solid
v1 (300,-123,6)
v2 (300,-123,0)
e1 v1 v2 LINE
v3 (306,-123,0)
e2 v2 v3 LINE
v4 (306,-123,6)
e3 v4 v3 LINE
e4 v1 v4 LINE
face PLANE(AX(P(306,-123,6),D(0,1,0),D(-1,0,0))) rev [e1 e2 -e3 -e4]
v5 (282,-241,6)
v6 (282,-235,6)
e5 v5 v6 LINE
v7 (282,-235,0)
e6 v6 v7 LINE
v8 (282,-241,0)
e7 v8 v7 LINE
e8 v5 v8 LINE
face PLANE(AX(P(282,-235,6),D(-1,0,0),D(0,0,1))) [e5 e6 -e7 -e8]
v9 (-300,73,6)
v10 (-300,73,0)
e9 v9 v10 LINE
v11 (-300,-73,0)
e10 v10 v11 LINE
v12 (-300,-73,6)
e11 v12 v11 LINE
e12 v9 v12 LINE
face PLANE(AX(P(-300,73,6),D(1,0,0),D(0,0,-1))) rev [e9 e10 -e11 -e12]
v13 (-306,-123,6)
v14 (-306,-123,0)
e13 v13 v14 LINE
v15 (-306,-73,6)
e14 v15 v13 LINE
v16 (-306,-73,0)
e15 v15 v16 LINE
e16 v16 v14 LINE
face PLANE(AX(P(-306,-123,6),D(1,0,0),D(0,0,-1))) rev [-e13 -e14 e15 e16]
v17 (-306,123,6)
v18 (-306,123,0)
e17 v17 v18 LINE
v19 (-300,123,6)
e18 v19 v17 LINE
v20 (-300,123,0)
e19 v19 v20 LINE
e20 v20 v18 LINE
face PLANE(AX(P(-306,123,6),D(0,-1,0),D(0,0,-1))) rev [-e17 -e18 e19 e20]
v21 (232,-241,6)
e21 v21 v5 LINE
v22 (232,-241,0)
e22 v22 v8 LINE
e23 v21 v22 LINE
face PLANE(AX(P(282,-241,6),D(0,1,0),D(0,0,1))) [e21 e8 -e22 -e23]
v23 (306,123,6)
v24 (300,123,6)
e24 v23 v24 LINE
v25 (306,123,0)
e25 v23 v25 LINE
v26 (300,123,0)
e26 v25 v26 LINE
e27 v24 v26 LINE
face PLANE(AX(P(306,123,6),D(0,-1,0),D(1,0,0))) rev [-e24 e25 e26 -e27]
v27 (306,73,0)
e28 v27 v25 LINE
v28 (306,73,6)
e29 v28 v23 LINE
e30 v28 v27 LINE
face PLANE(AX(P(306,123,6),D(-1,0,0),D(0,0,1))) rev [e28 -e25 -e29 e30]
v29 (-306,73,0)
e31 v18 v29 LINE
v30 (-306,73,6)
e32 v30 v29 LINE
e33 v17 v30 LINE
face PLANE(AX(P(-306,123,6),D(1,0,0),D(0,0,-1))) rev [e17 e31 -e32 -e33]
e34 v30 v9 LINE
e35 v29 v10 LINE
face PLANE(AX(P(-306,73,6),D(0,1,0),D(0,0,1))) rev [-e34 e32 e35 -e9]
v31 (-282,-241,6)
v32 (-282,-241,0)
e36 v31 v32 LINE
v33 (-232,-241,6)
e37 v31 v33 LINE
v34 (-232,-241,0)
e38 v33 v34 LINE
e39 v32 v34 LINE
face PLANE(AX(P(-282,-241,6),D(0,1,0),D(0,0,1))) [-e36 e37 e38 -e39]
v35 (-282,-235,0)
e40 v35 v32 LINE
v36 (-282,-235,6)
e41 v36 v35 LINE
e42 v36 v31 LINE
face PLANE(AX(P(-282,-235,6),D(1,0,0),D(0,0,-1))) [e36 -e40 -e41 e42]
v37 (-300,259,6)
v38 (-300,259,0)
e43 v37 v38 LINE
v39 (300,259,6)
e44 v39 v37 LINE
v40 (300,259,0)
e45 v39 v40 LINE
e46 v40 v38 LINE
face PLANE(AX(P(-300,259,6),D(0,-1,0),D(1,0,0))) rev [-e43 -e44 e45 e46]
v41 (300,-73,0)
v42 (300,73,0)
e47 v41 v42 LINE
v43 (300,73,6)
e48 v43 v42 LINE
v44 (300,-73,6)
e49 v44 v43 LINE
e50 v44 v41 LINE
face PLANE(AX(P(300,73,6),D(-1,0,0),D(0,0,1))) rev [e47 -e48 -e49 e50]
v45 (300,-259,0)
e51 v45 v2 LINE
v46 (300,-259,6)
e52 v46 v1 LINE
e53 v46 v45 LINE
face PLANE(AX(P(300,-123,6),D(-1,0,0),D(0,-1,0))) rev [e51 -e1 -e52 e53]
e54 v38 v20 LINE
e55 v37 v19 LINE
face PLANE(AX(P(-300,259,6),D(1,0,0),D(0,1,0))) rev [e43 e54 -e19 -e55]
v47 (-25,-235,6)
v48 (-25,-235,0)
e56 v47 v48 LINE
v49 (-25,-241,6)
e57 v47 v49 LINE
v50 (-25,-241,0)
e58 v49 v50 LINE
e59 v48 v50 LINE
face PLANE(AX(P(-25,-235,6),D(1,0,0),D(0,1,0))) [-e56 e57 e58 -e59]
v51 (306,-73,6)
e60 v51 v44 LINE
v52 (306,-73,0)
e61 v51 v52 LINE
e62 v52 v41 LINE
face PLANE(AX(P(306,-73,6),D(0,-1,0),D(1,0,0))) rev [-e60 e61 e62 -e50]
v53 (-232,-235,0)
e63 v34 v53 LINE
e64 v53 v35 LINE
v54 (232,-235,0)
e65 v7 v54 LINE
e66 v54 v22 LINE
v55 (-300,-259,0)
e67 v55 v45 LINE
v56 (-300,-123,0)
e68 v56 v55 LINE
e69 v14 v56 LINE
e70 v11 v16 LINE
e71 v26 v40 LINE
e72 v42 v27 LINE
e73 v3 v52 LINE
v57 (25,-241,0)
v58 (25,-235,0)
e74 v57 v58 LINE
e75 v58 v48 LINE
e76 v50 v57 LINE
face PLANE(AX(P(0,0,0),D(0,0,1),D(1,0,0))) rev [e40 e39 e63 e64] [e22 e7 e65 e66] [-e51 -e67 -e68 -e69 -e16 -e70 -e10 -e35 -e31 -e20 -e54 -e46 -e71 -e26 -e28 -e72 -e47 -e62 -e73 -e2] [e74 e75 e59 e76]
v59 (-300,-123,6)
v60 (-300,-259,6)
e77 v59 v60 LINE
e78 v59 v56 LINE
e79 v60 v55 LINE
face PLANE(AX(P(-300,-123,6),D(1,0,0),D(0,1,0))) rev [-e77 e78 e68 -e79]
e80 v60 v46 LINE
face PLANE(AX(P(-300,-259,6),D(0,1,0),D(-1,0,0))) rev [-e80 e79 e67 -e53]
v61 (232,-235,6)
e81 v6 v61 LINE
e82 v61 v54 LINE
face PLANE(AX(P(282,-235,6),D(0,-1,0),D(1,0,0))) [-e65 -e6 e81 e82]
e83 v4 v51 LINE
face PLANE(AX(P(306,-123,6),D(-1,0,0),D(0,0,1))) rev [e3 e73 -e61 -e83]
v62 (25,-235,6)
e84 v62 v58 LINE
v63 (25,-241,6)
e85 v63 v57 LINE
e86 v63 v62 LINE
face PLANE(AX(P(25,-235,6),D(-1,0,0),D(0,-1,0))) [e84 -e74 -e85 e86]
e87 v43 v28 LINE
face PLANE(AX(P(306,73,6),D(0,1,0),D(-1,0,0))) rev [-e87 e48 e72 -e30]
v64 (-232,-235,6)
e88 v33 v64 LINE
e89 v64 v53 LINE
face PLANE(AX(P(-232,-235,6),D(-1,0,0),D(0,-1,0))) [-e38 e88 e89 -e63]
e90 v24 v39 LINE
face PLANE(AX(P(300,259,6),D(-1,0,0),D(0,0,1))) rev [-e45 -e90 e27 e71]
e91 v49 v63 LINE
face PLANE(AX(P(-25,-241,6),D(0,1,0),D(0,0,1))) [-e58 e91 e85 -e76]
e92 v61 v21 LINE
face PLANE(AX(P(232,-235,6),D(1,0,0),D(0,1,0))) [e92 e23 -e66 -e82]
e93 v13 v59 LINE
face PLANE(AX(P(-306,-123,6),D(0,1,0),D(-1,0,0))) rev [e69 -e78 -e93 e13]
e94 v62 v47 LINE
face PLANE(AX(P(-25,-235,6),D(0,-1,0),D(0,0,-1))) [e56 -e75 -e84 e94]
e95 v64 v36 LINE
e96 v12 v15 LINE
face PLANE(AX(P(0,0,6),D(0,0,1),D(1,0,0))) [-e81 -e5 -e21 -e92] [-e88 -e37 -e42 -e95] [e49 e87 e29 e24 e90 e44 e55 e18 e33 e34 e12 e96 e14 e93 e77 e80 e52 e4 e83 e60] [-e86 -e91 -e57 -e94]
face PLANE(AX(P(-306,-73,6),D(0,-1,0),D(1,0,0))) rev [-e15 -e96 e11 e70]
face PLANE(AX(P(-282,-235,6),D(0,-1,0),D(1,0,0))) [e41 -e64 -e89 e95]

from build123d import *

# Parameters (mm, degrees)
SKETCH1_W           = 50
SKETCH1_H           = 6
BOSS_EXTRUDE1_DEPTH = 6


with BuildPart() as part:
    # Sketch1 → Boss-Extrude1 (new body)
    with BuildSketch(Plane.XY):
        Polygon((-300, 259), (300, 259), (300, 123), (306, 123), (306, 73), (300, 73), (300, -73), (306, -73), (306, -123), (300, -123), (300, -259), (-300, -259), (-300, -123), (-306, -123), (-306, -73), (-300, -73), (-300, 73), (-306, 73), (-306, 123), (-300, 123), align=None)
        with Locations((257, -238)):
            Rectangle(SKETCH1_W, SKETCH1_H, mode=Mode.SUBTRACT)
        with Locations((-257, -238)):
            Rectangle(SKETCH1_W, SKETCH1_H, mode=Mode.SUBTRACT)
        with Locations((0, -238)):
            Rectangle(SKETCH1_W, SKETCH1_H, mode=Mode.SUBTRACT)
    extrude(amount=BOSS_EXTRUDE1_DEPTH)


solid = part.part
